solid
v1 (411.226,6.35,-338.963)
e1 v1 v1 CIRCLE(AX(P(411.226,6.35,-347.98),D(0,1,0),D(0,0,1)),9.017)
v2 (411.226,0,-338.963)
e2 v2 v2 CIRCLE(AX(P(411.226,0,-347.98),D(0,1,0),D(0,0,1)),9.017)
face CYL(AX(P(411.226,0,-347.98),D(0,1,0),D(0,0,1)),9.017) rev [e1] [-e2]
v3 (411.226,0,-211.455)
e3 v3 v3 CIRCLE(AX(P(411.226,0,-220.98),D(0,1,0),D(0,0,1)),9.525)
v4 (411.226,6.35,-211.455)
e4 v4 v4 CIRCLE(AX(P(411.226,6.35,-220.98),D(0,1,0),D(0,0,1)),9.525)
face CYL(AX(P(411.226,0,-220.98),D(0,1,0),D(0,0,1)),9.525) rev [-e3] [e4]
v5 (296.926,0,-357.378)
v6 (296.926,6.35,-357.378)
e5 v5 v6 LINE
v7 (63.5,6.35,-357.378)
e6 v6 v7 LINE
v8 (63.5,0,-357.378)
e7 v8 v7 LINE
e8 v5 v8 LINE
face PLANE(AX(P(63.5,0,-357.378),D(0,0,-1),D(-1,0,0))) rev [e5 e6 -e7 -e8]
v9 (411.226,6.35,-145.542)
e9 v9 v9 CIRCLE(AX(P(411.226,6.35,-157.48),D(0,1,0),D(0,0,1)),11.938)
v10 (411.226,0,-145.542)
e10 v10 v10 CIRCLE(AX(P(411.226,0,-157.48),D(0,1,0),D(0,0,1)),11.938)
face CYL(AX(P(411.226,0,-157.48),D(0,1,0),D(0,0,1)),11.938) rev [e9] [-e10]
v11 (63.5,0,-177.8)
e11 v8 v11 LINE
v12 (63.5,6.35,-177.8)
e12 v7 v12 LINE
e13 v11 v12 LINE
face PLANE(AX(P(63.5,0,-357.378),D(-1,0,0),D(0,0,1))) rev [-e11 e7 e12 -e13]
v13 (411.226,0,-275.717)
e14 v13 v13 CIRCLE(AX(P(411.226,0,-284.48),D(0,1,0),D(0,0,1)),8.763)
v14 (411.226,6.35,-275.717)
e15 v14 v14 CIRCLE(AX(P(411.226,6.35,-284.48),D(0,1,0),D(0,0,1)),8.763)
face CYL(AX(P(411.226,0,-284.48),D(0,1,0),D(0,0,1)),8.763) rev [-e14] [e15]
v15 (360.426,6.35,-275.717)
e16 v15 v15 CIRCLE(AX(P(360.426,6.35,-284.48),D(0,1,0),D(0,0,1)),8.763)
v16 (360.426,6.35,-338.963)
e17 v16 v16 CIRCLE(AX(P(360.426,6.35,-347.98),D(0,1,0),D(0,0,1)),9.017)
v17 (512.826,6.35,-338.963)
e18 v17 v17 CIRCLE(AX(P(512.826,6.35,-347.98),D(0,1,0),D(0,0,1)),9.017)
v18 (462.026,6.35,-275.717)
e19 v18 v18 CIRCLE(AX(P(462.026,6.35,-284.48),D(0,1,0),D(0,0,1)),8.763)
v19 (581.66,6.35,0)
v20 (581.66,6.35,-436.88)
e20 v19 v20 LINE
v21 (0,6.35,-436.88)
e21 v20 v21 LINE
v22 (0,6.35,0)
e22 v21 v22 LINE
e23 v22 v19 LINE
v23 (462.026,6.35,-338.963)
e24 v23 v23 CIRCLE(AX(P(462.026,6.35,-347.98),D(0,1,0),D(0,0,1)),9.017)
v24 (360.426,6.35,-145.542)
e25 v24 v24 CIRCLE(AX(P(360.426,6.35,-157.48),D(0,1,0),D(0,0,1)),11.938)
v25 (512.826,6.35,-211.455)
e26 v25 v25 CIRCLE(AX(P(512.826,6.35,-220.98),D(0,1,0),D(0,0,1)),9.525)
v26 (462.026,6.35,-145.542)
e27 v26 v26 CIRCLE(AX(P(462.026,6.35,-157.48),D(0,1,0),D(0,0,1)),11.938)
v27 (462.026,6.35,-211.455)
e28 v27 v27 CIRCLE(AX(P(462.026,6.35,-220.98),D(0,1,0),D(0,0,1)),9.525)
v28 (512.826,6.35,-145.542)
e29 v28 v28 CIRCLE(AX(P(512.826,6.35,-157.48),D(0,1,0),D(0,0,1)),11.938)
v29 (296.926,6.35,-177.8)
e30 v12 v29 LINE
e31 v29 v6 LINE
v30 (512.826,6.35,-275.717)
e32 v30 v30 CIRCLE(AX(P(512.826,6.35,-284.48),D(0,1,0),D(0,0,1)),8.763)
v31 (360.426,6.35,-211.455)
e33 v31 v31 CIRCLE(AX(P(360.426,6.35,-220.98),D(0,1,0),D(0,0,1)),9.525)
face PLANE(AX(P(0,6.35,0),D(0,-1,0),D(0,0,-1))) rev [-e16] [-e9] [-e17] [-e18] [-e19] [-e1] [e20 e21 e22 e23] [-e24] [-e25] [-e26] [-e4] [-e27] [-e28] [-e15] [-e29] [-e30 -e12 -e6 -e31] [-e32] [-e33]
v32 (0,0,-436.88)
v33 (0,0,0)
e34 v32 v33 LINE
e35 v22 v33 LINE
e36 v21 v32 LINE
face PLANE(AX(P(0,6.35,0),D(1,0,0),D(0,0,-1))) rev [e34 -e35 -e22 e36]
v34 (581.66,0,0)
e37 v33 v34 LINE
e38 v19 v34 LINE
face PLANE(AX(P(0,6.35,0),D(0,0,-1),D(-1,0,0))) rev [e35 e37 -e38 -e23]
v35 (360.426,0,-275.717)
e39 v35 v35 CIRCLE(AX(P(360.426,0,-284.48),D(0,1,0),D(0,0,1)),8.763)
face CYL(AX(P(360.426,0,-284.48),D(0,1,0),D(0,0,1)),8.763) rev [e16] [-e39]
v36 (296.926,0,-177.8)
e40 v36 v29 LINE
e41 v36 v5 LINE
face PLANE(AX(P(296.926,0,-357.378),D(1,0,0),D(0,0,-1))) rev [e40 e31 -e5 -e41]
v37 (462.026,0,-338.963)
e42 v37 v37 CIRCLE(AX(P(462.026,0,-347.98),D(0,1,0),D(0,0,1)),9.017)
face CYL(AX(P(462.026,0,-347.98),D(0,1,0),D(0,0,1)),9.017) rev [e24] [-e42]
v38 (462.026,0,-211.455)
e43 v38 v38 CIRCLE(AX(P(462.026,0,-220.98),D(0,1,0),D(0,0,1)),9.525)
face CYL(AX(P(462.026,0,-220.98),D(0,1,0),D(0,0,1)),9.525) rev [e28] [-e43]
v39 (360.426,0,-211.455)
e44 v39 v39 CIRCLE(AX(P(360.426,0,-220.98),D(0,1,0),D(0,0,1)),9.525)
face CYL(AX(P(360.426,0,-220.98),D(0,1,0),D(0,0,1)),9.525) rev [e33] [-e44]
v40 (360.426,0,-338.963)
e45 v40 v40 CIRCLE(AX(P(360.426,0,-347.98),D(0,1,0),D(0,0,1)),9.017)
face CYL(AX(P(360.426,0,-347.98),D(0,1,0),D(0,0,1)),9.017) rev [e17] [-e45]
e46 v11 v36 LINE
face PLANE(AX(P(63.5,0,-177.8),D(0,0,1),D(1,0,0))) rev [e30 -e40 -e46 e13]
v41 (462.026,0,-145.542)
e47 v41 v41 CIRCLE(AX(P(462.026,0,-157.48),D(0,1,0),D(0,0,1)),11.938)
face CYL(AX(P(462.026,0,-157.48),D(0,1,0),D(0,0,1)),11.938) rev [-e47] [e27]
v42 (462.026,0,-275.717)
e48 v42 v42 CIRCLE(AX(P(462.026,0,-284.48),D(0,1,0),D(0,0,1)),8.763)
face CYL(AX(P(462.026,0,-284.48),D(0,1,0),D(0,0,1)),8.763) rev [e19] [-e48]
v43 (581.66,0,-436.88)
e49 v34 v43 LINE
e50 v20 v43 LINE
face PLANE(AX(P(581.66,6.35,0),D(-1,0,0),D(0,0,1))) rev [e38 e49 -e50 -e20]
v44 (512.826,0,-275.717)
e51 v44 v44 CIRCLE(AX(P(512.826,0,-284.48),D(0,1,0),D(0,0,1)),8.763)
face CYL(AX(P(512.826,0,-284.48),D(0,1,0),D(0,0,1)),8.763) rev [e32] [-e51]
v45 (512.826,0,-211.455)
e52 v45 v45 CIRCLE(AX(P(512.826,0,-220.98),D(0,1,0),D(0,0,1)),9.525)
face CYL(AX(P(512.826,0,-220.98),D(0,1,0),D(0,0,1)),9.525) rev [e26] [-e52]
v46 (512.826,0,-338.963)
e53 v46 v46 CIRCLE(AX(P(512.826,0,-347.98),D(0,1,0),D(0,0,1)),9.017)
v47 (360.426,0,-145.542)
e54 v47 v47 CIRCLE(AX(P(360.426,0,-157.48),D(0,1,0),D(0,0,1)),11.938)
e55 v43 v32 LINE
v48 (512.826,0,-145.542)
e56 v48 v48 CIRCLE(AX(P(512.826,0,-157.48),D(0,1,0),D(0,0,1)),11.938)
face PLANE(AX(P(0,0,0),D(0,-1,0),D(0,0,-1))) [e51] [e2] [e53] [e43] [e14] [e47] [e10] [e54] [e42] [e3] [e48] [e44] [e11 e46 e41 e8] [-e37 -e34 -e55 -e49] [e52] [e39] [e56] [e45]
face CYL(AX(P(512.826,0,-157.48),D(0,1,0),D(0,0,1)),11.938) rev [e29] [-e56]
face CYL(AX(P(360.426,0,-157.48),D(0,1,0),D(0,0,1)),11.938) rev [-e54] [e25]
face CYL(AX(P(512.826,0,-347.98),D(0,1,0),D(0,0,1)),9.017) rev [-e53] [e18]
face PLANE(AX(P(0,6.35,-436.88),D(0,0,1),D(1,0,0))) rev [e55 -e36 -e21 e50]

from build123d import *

# Parameters (mm, degrees)
SKETCH1_W           = 581.66
SKETCH1_H           = 436.88
BOSS_EXTRUDE1_DEPTH = 6.35
SKETCH3_W           = 233.426
SKETCH3_H           = 179.578
CUT_EXTRUDE2_DEPTH  = 728.483891574
SKETCH4_R           = 9.017
CUT_EXTRUDE3_DEPTH  = 728.483891574
SKETCH5_R           = 8.763
CUT_EXTRUDE4_DEPTH  = 728.483891574
SKETCH6_R           = 9.525
CUT_EXTRUDE5_DEPTH  = 728.483891574
SKETCH7_R           = 11.938
CUT_EXTRUDE6_DEPTH  = 728.483891574


with BuildPart() as part:
    # Sketch1 → Boss-Extrude1 (new body)
    with BuildSketch(Plane(origin=(0, 0, 0), x_dir=(1, 0, 0), z_dir=(0, 1, 0))):
        with Locations((290.83, 218.44)):
            Rectangle(SKETCH1_W, SKETCH1_H)
    extrude(amount=BOSS_EXTRUDE1_DEPTH)

    # Sketch3 → Cut-Extrude2 (cut, through all)
    with BuildSketch(Plane(origin=(0, 6.35, 0), x_dir=(1, 0, 0), z_dir=(0, 1, 0))):
        with Locations((180.213, 267.589)):
            Rectangle(SKETCH3_W, SKETCH3_H)
    extrude(amount=-CUT_EXTRUDE2_DEPTH, mode=Mode.SUBTRACT)

    # Sketch4 → Cut-Extrude3 (cut, through all)
    with BuildSketch(Plane(origin=(0, 6.35, 0), x_dir=(1, 0, 0), z_dir=(0, 1, 0))):
        with Locations(Location((360.426, 347.98, 0), (0, 0, 270))):
            Circle(SKETCH4_R)
        with Locations(Location((411.226, 347.98, 0), (0, 0, 270))):
            Circle(SKETCH4_R)
        with Locations(Location((462.026, 347.98, 0), (0, 0, 270))):
            Circle(SKETCH4_R)
        with Locations(Location((512.826, 347.98, 0), (0, 0, 270))):
            Circle(SKETCH4_R)
    extrude(amount=-CUT_EXTRUDE3_DEPTH, mode=Mode.SUBTRACT)

    # Sketch5 → Cut-Extrude4 (cut, through all)
    with BuildSketch(Plane(origin=(0, 6.35, 0), x_dir=(1, 0, 0), z_dir=(0, 1, 0))):
        with Locations(Location((360.426, 284.48, 0), (0, 0, 270))):
            Circle(SKETCH5_R)
        with Locations(Location((411.226, 284.48, 0), (0, 0, 270))):
            Circle(SKETCH5_R)
        with Locations(Location((462.026, 284.48, 0), (0, 0, 270))):
            Circle(SKETCH5_R)
        with Locations(Location((512.826, 284.48, 0), (0, 0, 270))):
            Circle(SKETCH5_R)
    extrude(amount=-CUT_EXTRUDE4_DEPTH, mode=Mode.SUBTRACT)

    # Sketch6 → Cut-Extrude5 (cut, through all)
    with BuildSketch(Plane(origin=(0, 6.35, 0), x_dir=(1, 0, 0), z_dir=(0, 1, 0))):
        with Locations(Location((360.426, 220.98, 0), (0, 0, 270))):
            Circle(SKETCH6_R)
        with Locations(Location((411.226, 220.98, 0), (0, 0, 270))):
            Circle(SKETCH6_R)
        with Locations(Location((462.026, 220.98, 0), (0, 0, 270))):
            Circle(SKETCH6_R)
        with Locations(Location((512.826, 220.98, 0), (0, 0, 270))):
            Circle(SKETCH6_R)
    extrude(amount=-CUT_EXTRUDE5_DEPTH, mode=Mode.SUBTRACT)

    # Sketch7 → Cut-Extrude6 (cut, through all)
    with BuildSketch(Plane(origin=(0, 6.35, 0), x_dir=(1, 0, 0), z_dir=(0, 1, 0))):
        with Locations(Location((360.426, 157.48, 0), (0, 0, 270))):
            Circle(SKETCH7_R)
        with Locations(Location((411.226, 157.48, 0), (0, 0, 270))):
            Circle(SKETCH7_R)
        with Locations(Location((462.026, 157.48, 0), (0, 0, 270))):
            Circle(SKETCH7_R)
        with Locations(Location((512.826, 157.48, 0), (0, 0, 270))):
            Circle(SKETCH7_R)
    extrude(amount=-CUT_EXTRUDE6_DEPTH, mode=Mode.SUBTRACT)


solid = part.part
